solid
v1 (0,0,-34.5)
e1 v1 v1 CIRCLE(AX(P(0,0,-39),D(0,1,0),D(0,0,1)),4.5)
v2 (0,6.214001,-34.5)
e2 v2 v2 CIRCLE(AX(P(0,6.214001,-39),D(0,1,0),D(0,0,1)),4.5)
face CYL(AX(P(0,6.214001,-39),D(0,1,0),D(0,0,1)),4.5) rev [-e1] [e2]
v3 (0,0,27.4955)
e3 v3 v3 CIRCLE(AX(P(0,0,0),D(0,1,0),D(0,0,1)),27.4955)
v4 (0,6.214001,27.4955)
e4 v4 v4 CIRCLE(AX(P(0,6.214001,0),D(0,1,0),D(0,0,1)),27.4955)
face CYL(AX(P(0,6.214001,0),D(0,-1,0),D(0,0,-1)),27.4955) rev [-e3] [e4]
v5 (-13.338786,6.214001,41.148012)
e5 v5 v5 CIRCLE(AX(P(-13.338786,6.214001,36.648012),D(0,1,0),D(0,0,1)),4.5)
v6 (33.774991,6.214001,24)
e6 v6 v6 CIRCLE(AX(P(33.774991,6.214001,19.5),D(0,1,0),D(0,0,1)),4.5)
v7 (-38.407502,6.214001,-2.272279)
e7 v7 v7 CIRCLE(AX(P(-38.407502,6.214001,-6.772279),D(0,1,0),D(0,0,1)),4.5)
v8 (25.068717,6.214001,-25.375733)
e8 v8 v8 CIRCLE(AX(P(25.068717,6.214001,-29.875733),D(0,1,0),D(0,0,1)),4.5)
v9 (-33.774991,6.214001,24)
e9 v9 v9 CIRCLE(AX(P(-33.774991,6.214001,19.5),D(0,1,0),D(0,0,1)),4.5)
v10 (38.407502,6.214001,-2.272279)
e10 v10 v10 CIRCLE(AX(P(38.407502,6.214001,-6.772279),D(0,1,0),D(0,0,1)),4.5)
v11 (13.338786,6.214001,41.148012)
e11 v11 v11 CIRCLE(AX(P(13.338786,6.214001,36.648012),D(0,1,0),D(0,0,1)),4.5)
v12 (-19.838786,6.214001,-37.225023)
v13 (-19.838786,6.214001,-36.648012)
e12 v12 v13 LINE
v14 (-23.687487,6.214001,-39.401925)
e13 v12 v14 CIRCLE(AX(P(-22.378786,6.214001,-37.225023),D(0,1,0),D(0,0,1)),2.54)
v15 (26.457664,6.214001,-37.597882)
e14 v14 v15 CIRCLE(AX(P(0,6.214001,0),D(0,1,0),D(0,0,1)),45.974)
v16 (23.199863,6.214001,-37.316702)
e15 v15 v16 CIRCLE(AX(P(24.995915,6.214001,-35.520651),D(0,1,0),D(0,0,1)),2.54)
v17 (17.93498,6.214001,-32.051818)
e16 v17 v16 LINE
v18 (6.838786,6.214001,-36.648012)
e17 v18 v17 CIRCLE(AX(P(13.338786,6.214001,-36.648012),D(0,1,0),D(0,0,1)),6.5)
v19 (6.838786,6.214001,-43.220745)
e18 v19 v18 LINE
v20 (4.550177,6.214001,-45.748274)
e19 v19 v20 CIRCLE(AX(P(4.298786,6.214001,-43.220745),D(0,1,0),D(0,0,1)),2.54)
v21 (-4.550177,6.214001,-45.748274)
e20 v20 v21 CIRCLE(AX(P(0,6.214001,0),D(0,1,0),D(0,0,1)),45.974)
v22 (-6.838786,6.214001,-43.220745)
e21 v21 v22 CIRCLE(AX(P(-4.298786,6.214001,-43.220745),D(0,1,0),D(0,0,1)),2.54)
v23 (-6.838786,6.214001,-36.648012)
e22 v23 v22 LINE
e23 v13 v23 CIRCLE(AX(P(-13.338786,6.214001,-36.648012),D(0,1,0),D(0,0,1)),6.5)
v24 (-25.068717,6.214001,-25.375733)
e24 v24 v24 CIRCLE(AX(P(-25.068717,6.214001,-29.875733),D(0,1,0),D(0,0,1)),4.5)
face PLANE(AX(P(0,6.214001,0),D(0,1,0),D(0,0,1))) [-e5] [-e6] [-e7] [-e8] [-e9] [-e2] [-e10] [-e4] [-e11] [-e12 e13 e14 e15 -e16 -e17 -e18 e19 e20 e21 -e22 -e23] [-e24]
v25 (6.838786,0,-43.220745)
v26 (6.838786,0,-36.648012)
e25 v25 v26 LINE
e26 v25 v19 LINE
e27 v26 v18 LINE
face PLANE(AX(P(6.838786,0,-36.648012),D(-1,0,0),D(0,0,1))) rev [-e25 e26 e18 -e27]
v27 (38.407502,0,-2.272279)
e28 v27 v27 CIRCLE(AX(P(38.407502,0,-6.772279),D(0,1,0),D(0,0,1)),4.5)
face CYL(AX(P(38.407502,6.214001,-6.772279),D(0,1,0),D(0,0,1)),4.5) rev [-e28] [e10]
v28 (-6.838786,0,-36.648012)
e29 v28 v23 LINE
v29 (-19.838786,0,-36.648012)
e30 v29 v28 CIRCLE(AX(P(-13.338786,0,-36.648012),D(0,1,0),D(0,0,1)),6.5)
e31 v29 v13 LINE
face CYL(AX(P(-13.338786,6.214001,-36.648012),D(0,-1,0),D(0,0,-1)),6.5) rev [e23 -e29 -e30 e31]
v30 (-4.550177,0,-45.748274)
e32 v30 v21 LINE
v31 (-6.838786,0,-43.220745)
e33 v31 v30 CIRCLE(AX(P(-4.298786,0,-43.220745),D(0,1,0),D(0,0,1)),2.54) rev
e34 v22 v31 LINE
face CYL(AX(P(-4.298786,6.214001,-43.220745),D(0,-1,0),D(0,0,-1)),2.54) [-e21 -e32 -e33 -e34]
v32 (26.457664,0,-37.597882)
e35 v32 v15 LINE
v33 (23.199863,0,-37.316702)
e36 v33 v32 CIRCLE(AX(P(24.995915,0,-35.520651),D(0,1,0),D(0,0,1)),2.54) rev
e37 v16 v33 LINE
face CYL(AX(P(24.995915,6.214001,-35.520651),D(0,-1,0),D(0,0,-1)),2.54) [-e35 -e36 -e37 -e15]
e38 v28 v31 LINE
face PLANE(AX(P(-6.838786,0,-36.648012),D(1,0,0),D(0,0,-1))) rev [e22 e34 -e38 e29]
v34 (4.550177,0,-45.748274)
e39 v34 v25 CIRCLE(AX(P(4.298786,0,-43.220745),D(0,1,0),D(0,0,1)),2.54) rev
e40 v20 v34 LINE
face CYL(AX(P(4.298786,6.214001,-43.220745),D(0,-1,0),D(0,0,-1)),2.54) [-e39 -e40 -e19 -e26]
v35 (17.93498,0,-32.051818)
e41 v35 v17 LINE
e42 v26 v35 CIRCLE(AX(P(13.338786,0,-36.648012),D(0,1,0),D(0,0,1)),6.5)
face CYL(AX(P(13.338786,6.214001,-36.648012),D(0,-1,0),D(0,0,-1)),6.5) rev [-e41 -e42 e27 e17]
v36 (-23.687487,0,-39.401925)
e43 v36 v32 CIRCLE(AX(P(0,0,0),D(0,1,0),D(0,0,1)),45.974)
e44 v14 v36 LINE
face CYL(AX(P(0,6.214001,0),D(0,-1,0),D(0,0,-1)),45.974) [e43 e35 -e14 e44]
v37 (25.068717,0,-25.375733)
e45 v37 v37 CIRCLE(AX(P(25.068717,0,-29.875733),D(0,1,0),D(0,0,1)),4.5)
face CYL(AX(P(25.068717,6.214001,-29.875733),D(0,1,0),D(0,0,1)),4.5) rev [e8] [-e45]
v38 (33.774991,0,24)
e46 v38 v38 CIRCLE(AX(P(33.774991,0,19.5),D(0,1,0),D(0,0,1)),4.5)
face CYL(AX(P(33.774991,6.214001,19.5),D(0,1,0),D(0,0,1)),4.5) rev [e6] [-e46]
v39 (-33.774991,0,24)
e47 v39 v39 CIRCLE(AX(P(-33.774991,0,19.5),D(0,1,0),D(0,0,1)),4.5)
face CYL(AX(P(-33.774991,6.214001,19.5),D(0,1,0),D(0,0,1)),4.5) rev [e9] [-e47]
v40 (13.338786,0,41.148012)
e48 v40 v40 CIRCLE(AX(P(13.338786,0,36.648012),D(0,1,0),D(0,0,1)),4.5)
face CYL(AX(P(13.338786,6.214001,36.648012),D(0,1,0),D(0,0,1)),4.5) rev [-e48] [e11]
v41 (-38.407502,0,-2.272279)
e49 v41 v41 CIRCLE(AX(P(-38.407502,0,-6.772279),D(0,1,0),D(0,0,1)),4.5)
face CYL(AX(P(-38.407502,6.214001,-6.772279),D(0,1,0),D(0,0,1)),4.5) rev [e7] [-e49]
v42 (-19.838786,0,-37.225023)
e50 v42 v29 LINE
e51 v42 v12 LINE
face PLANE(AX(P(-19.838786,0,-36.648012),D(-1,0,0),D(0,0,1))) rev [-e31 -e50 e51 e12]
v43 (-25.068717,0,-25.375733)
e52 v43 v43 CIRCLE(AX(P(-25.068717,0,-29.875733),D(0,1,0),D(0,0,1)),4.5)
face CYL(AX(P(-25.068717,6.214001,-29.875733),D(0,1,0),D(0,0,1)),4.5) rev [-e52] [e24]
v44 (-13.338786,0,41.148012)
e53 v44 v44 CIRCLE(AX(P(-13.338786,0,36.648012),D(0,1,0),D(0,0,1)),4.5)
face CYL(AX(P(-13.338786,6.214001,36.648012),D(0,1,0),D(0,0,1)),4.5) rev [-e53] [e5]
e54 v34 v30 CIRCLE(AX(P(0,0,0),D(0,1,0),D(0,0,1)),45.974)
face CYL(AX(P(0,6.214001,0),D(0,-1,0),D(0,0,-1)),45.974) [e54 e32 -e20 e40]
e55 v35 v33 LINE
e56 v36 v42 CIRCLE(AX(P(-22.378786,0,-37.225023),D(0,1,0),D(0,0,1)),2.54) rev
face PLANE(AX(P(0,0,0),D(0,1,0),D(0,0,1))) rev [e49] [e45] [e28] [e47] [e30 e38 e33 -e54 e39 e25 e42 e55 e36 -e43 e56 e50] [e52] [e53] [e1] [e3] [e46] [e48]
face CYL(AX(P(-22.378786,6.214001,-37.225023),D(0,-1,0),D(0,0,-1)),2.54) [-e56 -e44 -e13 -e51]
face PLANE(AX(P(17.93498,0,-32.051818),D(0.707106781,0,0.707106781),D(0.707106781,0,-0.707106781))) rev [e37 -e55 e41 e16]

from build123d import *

# Parameters (mm, degrees)
SKETCH1_R            = 45.974
SKETCH1_R_2          = 27.4955
SKETCH1_R_3          = 6.5
BOSS_EXTRUDE1_DEPTH  = 6.21400078
M8_CLEARANCE_HOLE1_D = 9
CIRPATTERN1_COUNT    = 9
CUT_EXTRUDE1_DEPTH   = 7.21400078
FILLET1_R            = 2.54


with BuildPart() as part:
    # Sketch1 → Boss-Extrude1 (new body)
    with BuildSketch(Plane(origin=(0, 0, 0), x_dir=(1, 0, 0), z_dir=(0, 1, 0))):
        Circle(SKETCH1_R)
        Circle(SKETCH1_R_2, mode=Mode.SUBTRACT)
        with Locations((-13.33878559, 36.648012211)):
            Circle(SKETCH1_R_3, mode=Mode.SUBTRACT)
        with Locations((13.33878559, 36.648012211)):
            Circle(SKETCH1_R_3, mode=Mode.SUBTRACT)
    extrude(amount=BOSS_EXTRUDE1_DEPTH)

    # M8 Clearance Hole1 (through all)
    with Locations(Plane(origin=(0, 6.21400078, 0), x_dir=(1, 0, 0), z_dir=(0, 1, 0))):
        with Locations((0, 39)):
            m8_clearance_hole1 = Hole(M8_CLEARANCE_HOLE1_D / 2)

    # CirPattern1: M8 Clearance Hole1 ×9 about axis
    cirpattern1_axis = Axis((0, 0, 0), (0, 1, 0))
    for i in range(1, CIRPATTERN1_COUNT):
        add(m8_clearance_hole1.rotate(cirpattern1_axis, i * 360 / CIRPATTERN1_COUNT), mode=Mode.SUBTRACT)

    # Sketch6 → Cut-Extrude1 (cut, through all)
    with BuildSketch(Plane(origin=(0, 6.21400078, 0), x_dir=(1, 0, 0), z_dir=(0, 1, 0))):
        with BuildLine():
            Line((17.934979667, 32.051818133), (24.674577095, 38.79141556))
            ThreePointArc((24.674577095, 38.79141556), (16.105864692, 43.06053644), (6.83878559, 45.462508594))
            Line((6.83878559, 45.462508594), (6.83878559, 36.648012211))
            ThreePointArc((6.83878559, 36.648012211), (15.8262279, 42.653229172), (17.934979667, 32.051818133))
        make_face()
        with BuildLine():
            Line((-6.83878559, 36.648012211), (-6.83878559, 45.462508594))
            ThreePointArc((-6.83878559, 45.462508594), (-13.487094864, 43.951188245), (-19.83878559, 41.473259606))
            Line((-19.83878559, 41.473259606), (-19.83878559, 36.648012211))
            ThreePointArc((-19.83878559, 36.648012211), (-13.33878559, 43.148012211), (-6.83878559, 36.648012211))
        make_face()
    extrude(amount=-CUT_EXTRUDE1_DEPTH, mode=Mode.SUBTRACT)

    # Fillet1
    fillet1_edges = [part.edges().sort_by_distance(p)[0] for p in [
        (6.83878559, 3.10700039, -45.462508594),
        (24.674577095, 3.10700039, -38.79141556),
        (-19.83878559, 3.10700039, -41.473259606),
        (-6.83878559, 3.10700039, -45.462508594),
    ]]
    fillet(fillet1_edges, radius=FILLET1_R)


solid = part.part
